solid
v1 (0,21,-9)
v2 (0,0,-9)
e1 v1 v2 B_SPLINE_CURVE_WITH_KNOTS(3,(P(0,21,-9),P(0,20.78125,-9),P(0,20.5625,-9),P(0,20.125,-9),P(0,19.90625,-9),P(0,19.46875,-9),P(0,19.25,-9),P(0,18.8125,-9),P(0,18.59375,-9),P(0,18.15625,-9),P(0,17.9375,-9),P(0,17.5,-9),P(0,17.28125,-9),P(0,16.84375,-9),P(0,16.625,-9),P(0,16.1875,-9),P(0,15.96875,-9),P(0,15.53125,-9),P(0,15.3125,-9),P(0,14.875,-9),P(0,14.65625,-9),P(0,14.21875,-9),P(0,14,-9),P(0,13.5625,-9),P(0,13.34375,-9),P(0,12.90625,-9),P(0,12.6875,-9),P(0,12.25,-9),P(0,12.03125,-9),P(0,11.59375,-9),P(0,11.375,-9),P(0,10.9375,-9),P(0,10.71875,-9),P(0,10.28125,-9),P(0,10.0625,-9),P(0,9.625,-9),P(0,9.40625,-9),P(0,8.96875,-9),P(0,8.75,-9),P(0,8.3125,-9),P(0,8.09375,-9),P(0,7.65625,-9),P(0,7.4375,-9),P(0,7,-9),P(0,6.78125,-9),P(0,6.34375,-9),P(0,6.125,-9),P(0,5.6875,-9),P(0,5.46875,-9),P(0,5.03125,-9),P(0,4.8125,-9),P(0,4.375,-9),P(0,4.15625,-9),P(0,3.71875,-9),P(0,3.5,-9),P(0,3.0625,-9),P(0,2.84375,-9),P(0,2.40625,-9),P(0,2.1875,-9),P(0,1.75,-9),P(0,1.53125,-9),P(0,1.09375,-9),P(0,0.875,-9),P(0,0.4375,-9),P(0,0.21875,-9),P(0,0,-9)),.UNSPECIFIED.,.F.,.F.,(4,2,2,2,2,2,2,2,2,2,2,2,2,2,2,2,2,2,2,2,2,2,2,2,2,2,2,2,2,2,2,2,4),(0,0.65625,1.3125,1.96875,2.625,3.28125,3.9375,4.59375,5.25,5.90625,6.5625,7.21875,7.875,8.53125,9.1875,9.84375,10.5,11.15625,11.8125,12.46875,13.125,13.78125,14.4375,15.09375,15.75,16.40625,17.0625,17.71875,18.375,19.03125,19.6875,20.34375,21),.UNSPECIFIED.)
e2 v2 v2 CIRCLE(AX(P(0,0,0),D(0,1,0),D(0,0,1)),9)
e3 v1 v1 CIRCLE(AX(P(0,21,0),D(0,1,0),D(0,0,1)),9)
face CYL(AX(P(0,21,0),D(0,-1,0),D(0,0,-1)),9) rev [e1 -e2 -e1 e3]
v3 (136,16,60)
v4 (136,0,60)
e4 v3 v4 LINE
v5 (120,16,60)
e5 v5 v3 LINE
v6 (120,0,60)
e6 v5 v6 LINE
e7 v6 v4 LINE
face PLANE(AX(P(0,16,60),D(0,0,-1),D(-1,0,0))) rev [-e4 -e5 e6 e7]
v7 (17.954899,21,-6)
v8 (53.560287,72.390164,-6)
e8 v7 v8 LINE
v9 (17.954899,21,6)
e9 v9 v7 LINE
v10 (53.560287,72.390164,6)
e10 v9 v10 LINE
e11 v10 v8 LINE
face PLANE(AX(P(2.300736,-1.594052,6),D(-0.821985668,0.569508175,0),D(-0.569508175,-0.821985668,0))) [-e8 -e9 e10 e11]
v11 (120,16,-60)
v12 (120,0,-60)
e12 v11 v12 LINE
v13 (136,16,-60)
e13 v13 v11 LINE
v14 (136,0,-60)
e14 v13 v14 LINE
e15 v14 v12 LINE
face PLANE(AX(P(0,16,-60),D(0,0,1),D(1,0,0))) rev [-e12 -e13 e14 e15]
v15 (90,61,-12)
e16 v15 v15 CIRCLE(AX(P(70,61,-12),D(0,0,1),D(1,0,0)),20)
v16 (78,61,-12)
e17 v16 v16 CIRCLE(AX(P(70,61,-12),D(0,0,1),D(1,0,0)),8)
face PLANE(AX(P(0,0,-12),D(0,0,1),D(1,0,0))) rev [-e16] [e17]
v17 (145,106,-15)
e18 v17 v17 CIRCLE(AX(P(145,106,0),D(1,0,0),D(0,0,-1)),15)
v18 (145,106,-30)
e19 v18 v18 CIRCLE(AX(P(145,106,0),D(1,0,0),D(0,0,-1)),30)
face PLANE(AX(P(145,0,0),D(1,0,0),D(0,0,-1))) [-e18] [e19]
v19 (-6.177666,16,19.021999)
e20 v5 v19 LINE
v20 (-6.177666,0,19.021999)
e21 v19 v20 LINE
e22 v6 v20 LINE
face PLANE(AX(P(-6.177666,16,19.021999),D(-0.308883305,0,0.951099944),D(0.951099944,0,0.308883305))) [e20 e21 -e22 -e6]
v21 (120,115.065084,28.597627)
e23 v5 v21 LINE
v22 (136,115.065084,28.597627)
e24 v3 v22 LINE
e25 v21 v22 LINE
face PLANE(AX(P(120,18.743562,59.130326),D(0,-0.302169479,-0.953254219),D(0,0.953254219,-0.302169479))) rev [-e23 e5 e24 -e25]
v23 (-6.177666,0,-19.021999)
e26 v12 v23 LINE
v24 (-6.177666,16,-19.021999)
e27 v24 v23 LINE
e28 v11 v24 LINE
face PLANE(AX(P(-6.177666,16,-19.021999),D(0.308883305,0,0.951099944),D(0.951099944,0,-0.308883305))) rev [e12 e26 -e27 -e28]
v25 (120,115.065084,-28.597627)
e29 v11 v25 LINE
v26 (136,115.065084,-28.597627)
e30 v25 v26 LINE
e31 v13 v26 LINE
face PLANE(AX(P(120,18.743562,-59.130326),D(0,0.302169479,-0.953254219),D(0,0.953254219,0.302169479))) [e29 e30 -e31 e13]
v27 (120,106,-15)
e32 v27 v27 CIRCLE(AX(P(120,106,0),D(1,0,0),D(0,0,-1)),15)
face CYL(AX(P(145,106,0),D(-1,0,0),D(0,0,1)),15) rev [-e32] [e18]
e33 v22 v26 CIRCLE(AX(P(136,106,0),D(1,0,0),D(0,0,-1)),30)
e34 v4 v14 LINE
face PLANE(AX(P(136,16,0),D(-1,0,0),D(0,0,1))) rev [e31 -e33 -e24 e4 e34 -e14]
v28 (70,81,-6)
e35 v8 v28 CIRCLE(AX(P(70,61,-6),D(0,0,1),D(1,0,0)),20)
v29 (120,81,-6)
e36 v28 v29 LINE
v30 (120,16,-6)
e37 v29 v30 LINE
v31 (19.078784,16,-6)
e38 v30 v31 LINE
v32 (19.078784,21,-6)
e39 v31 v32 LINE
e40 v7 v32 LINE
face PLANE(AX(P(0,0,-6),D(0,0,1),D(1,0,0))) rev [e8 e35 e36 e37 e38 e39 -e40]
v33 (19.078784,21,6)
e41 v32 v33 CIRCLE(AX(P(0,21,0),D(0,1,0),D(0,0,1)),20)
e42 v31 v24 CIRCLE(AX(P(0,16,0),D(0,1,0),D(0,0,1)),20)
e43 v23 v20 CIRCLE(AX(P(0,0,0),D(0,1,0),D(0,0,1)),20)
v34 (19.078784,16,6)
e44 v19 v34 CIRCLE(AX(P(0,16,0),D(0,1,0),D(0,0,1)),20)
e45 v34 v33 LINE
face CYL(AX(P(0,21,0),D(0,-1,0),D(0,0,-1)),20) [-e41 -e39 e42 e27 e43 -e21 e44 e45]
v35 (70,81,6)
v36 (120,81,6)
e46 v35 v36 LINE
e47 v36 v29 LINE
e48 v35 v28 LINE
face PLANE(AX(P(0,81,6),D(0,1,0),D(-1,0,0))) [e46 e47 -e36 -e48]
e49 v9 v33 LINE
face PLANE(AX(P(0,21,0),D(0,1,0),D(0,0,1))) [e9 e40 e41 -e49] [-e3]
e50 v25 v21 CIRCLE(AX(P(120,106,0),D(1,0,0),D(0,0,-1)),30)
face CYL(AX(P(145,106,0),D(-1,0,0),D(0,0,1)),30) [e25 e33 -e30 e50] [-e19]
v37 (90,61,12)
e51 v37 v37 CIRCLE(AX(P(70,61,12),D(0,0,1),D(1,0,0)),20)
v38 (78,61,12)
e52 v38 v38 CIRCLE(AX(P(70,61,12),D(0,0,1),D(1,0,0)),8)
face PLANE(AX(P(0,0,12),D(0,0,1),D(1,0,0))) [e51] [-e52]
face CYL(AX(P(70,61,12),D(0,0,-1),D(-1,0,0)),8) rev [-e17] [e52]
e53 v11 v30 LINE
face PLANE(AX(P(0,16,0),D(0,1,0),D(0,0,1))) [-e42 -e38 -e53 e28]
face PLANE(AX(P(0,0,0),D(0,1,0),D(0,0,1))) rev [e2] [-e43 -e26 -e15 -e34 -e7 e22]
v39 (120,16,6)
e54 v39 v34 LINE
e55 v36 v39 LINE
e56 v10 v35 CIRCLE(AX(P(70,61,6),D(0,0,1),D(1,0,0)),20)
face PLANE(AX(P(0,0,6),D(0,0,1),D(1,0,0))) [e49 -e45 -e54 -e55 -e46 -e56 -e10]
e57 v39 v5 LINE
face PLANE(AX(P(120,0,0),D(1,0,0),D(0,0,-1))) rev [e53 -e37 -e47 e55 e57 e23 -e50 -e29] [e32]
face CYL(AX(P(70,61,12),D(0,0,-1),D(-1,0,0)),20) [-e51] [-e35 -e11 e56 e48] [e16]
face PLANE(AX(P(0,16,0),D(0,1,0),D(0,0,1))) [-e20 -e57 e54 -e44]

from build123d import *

# Parameters (mm, degrees)
SKETCH1_R           = 9
BOSS_EXTRUDE3_DEPTH = 21
BOSS_EXTRUDE4_DEPTH = 16
BOSS_EXTRUDE5_START = -16
SKETCH2_R           = 15
BOSS_EXTRUDE5_DEPTH = 25
BOSS_EXTRUDE6_DEPTH = 16
SKETCH4_R           = 8
BOSS_EXTRUDE7_DEPTH = 12
BOSS_EXTRUDE9_DEPTH = 6


with BuildPart() as part:
    # Sketch1 → Boss-Extrude3 (new body)
    with BuildSketch(Plane(origin=(0, 0, 0), x_dir=(1, 0, 0), z_dir=(0, 1, 0))):
        with BuildLine():
            ThreePointArc((20, 0), (11.756842217, 16.179513623), (-6.177666108, 19.021998882))
            ThreePointArc((-6.177666108, 19.021998882), (-20, 0), (-6.177666108, -19.021998882))
            ThreePointArc((-6.177666108, -19.021998882), (11.756842217, -16.179513623), (20, 0))
        make_face()
        Circle(SKETCH1_R, mode=Mode.SUBTRACT)
    extrude(amount=BOSS_EXTRUDE3_DEPTH)

    # Sketch1<5> → Boss-Extrude4 (add)
    with BuildSketch(Plane(origin=(0, 0, 0), x_dir=(1, 0, 0), z_dir=(0, 1, 0))):
        with BuildLine():
            ThreePointArc((-6.177666108, 19.021998882), (20, 0), (-6.177666108, -19.021998882))
            Line((-6.177666108, -19.021998882), (120, -60))
            Line((120, -60), (136, -60))
            Line((136, -60), (136, 60))
            Line((136, 60), (120, 60))
            Line((120, 60), (-6.177666108, 19.021998882))
        make_face()
    extrude(amount=BOSS_EXTRUDE4_DEPTH)



with BuildPart() as body_2:
    # Sketch2 → Boss-Extrude5 (new body)
    with BuildSketch(Plane(origin=(136, 0, 0), x_dir=(0, 0, -1), z_dir=(1, 0, 0)).offset(BOSS_EXTRUDE5_START)):
        with BuildLine():
            ThreePointArc((-28.597626566, 115.065084378), (-4.586458493, 76.35266625), (30, 106))
            ThreePointArc((30, 106), (29.64733375, 110.586458493), (28.597626566, 115.065084378))
            ThreePointArc((28.597626566, 115.065084378), (0, 136), (-28.597626566, 115.065084378))
        make_face()
        with Locations((0, 106)):
            Circle(SKETCH2_R, mode=Mode.SUBTRACT)
    extrude(amount=BOSS_EXTRUDE5_DEPTH)


with BuildPart() as part_1:
    add(part.part)

    add(body_2.part)  # Boss-Extrude6 merges body 2
    # Sketch2<4> → Boss-Extrude6 (add)
    with BuildSketch(Plane(origin=(136, 0, 0), x_dir=(0, 0, -1), z_dir=(1, 0, 0))):
        with BuildLine():
            Line((-28.597626566, 115.065084378), (-60, 16))
            Line((-60, 16), (60, 16))
            Line((60, 16), (28.597626566, 115.065084378))
            ThreePointArc((28.597626566, 115.065084378), (29.64733375, 110.586458493), (30, 106))
            ThreePointArc((30, 106), (-4.586458493, 76.35266625), (-28.597626566, 115.065084378))
        make_face()
    extrude(amount=-BOSS_EXTRUDE6_DEPTH)



with BuildPart() as body_2_2:
    # Sketch4 → Boss-Extrude7 (new, symmetric)
    with BuildSketch(Plane.XY):
        with BuildLine():
            ThreePointArc((90, 61), (84.142135624, 75.142135624), (70, 81))
            ThreePointArc((70, 81), (60.721079538, 78.717269402), (53.560286641, 72.390163506))
            ThreePointArc((53.560286641, 72.390163506), (64.033186243, 41.910811081), (90, 61))
        make_face()
        with Locations((70, 61)):
            Circle(SKETCH4_R, mode=Mode.SUBTRACT)
    extrude(amount=BOSS_EXTRUDE7_DEPTH, both=True)


with BuildPart() as part_2:
    add(part_1.part)

    add(body_2_2.part)  # Boss-Extrude9 merges body 2 2
    # Sketch4<4> → Boss-Extrude9 (add, symmetric)
    with BuildSketch(Plane.XY):
        with BuildLine():
            Line((120, 81), (70, 81))
            ThreePointArc((70, 81), (84.142135624, 75.142135624), (90, 61))
            ThreePointArc((90, 61), (64.033186243, 41.910811081), (53.560286641, 72.390163506))
            Line((53.560286641, 72.390163506), (17.954899118, 21))
            Line((17.954899118, 21), (17.954899118, 16))
            Line((17.954899118, 16), (20, 16))
            Line((20, 16), (120, 16))
            Line((120, 16), (120, 81))
        make_face()
    extrude(amount=BOSS_EXTRUDE9_DEPTH, both=True)


solid = part_2.part
